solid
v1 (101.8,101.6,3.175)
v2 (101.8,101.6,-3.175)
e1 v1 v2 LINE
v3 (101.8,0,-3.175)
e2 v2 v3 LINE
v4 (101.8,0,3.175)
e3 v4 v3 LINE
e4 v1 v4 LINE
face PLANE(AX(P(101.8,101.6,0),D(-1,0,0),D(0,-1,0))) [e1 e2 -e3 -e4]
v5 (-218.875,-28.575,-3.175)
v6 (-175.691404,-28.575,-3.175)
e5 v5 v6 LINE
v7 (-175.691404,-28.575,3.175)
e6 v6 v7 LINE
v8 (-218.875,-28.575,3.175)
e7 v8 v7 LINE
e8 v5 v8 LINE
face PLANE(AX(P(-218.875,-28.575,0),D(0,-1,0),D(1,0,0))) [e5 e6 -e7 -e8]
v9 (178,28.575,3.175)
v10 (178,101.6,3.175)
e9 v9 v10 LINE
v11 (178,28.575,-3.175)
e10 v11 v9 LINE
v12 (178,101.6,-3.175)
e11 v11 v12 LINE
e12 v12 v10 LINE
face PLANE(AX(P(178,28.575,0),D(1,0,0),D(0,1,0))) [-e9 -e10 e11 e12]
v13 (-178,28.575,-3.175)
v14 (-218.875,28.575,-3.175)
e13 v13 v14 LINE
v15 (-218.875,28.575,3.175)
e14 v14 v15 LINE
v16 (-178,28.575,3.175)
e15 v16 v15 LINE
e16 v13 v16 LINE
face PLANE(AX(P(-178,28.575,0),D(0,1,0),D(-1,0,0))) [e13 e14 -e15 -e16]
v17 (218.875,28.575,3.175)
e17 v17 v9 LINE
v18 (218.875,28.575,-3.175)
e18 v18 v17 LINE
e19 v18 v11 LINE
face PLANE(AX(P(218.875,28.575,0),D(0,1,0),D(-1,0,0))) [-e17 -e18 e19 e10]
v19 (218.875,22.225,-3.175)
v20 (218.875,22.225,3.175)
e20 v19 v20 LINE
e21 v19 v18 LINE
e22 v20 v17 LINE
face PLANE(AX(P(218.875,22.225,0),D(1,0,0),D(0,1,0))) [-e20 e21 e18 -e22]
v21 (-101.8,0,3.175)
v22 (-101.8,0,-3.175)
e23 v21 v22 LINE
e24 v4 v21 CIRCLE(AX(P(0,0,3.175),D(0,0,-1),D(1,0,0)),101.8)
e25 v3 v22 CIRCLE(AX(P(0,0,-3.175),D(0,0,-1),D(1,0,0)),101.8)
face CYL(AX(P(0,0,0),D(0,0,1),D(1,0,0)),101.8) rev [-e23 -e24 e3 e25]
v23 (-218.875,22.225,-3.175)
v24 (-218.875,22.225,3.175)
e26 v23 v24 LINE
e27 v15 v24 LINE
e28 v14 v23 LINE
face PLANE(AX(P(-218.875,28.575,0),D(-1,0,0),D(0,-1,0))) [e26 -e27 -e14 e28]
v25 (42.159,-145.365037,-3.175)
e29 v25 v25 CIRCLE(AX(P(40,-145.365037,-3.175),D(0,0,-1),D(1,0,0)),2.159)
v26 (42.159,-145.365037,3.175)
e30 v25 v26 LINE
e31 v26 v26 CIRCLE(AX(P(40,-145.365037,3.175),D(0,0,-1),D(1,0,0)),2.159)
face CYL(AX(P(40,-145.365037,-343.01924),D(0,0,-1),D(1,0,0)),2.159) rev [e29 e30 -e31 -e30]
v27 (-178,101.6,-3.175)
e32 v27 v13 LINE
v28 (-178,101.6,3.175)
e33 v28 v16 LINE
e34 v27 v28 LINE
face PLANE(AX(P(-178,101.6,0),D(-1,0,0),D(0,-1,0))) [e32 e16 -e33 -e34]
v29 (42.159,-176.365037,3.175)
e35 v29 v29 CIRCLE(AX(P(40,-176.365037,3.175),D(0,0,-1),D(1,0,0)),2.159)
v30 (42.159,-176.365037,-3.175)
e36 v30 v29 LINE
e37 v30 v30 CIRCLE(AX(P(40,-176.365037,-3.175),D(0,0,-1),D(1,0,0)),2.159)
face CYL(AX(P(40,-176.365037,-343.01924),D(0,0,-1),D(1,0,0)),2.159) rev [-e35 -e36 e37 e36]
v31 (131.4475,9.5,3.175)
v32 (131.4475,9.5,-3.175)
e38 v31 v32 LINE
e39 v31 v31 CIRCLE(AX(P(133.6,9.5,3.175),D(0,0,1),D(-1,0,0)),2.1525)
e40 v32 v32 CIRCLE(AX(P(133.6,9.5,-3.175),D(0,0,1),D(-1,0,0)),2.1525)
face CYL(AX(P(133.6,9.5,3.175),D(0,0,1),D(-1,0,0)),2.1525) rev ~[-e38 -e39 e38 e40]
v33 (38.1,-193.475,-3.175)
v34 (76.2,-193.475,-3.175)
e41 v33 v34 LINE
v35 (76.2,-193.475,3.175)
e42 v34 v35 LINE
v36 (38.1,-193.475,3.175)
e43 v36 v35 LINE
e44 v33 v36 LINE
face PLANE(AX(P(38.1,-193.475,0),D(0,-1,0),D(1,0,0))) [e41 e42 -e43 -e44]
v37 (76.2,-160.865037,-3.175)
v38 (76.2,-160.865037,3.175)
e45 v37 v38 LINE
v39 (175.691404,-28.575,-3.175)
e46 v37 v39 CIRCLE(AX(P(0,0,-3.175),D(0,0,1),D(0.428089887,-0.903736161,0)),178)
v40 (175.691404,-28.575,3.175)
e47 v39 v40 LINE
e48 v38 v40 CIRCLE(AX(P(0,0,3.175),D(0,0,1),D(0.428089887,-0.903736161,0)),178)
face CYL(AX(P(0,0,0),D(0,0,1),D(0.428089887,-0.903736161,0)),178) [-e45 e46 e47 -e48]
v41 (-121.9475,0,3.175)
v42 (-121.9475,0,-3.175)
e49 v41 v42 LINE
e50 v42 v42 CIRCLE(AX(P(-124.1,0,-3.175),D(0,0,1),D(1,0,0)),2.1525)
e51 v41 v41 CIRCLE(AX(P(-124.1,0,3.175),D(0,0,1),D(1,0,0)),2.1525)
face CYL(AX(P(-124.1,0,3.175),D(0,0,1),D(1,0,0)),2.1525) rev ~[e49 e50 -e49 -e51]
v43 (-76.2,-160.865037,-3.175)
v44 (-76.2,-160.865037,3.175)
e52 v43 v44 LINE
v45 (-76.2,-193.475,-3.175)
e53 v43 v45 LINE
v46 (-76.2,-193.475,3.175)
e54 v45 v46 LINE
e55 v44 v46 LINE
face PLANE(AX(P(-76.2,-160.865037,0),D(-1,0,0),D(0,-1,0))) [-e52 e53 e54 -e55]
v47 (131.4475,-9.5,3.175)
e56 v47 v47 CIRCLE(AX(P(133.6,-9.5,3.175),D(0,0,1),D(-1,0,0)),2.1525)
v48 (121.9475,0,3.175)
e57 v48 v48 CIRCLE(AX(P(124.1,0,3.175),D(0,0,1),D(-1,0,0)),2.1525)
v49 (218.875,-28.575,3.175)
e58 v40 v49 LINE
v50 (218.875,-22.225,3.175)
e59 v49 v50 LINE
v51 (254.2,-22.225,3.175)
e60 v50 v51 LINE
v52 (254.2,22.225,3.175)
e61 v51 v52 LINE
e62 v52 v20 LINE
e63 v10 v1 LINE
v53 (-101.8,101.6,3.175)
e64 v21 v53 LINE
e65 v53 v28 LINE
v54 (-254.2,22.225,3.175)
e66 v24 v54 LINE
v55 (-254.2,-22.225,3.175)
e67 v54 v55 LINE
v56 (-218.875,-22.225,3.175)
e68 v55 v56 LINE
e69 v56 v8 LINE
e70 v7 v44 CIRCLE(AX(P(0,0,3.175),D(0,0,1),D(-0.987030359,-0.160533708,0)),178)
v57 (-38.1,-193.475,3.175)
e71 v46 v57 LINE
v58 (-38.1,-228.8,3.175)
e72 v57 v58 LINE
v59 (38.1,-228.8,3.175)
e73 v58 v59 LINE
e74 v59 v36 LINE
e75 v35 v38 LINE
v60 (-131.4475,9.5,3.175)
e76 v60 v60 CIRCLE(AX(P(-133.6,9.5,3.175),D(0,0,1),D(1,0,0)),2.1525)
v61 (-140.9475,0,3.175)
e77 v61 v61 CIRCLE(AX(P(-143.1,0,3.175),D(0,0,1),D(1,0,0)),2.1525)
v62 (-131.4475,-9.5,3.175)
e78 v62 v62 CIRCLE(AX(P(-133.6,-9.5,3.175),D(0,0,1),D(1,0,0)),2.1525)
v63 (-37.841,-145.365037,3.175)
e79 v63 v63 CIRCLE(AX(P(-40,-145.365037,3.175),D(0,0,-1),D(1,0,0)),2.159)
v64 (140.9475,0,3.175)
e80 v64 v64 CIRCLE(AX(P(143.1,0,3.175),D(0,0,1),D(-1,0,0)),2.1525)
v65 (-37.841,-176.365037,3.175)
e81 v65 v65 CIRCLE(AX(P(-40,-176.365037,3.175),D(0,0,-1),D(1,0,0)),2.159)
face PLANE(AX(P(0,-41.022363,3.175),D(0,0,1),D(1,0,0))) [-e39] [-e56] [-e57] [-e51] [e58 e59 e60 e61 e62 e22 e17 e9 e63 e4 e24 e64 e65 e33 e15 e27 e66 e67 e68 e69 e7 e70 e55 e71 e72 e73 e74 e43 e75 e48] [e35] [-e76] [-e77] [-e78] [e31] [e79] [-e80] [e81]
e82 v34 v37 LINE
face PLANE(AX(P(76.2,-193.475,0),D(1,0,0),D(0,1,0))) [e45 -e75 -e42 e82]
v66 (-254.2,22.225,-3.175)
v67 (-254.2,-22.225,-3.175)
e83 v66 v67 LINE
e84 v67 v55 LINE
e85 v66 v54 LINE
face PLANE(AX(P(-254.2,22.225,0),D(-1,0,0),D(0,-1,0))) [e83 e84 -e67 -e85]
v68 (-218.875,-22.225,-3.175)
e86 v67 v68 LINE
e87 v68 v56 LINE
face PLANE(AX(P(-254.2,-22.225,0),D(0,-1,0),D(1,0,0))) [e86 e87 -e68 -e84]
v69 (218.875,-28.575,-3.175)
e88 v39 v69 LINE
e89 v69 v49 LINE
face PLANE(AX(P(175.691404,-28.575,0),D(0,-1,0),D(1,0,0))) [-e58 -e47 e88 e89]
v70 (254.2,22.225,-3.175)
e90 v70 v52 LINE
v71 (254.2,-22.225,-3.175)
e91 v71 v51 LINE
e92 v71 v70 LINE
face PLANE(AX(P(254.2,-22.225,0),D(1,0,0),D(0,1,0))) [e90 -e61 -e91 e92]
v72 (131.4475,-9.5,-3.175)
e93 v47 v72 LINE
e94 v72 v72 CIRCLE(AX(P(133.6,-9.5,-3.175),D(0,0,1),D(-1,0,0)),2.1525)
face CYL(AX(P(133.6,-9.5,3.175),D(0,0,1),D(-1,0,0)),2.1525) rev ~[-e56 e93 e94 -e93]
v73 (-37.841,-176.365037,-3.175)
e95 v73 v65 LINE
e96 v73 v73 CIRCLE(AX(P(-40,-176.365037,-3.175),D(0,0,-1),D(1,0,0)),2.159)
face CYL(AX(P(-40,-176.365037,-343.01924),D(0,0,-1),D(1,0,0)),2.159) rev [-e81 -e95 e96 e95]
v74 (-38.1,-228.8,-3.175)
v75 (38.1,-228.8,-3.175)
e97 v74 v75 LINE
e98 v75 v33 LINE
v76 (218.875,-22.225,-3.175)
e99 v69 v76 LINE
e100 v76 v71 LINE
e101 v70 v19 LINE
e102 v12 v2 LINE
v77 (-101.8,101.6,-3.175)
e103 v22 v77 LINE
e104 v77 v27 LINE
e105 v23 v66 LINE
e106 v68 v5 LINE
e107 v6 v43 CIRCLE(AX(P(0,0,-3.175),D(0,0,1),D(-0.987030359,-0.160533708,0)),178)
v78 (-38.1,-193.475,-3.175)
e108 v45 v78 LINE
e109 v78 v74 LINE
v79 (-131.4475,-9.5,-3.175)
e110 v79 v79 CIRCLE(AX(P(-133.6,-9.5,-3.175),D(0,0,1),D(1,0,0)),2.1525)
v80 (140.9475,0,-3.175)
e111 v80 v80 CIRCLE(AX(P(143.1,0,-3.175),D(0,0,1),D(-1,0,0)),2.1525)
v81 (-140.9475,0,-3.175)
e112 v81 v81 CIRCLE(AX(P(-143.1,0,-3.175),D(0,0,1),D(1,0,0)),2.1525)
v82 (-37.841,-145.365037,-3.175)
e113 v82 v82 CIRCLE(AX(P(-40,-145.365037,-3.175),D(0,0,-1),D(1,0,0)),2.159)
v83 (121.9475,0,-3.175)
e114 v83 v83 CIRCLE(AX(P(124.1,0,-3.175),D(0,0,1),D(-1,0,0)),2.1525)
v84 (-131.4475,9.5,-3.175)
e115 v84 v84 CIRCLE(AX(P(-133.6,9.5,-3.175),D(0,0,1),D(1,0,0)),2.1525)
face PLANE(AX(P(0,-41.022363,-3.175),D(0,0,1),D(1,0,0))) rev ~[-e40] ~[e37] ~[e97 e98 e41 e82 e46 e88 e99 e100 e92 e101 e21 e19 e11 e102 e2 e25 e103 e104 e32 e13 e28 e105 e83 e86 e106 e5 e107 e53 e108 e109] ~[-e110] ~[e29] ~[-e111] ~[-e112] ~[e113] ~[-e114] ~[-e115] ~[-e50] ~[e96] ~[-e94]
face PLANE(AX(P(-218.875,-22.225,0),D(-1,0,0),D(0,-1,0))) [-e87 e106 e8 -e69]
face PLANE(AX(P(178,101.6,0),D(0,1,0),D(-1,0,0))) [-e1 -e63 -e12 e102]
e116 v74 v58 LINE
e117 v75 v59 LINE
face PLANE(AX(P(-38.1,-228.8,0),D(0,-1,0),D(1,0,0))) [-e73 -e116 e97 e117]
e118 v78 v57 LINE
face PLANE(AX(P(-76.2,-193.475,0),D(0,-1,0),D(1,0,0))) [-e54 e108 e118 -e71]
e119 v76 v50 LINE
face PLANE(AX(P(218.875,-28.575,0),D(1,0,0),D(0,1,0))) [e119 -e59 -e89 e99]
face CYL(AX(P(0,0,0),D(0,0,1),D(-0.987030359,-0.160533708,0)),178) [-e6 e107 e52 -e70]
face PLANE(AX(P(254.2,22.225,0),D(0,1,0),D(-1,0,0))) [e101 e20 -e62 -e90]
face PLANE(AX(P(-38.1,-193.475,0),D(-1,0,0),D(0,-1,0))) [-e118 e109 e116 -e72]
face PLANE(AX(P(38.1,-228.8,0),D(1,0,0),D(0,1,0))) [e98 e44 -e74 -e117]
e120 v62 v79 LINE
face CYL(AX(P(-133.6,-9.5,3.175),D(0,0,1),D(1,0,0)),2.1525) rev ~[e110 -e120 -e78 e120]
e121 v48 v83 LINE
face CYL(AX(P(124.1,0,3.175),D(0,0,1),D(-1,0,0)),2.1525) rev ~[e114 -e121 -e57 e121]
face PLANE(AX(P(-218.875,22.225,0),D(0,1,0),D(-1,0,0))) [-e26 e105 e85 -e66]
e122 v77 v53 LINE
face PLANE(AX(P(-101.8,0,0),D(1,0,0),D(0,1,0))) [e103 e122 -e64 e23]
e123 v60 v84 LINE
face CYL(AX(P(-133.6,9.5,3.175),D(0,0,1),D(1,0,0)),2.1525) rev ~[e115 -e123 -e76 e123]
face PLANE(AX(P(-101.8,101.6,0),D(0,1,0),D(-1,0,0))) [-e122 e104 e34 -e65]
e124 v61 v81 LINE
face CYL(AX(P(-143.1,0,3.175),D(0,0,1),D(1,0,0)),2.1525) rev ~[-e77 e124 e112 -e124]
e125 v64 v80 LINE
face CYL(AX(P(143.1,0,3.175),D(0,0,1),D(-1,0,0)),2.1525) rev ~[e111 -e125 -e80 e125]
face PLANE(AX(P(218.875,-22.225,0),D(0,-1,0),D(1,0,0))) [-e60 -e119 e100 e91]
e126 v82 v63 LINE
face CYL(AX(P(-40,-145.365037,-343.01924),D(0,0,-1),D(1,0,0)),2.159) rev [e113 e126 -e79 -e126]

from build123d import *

# Parameters (mm, degrees)
BOSS_EXTRUDE1_DEPTH     = 3.175
SKETCH3_R               = 2.152500013
CUT_EXTRUDE2_DEPTH      = 343.063448214
CUT_EXTRUDE3_DEPTH      = 343.019240291
CUT_EXTRUDE3_DEPTH_BACK = 343.019240291
SKETCH4_R               = 2.159


with BuildPart() as part:
    # Sketch1 → Boss-Extrude1 (new, symmetric)
    with BuildSketch(Plane.XY):
        with BuildLine():
            Line((-101.800000108, 0), (-101.800000108, 101.6))
            Line((-101.800000108, 101.6), (-178.000000108, 101.6))
            Line((-178.000000108, 101.6), (-178.000000108, 28.575))
            Line((-178.000000108, 28.575), (-218.874999892, 28.575))
            Line((-218.874999892, 28.575), (-218.874999892, 22.225))
            Line((-218.874999892, 22.225), (-254.200000108, 22.225))
            Line((-254.200000108, 22.225), (-254.200000108, -22.225))
            Line((-254.200000108, -22.225), (-218.874999892, -22.225))
            Line((-218.874999892, -22.225), (-218.874999892, -28.575))
            Line((-218.874999892, -28.575), (-175.691403926, -28.575))
            ThreePointArc((-175.691403926, -28.575), (-142.258508697, -106.98839536), (-76.2, -160.865036719))
            Line((-76.2, -160.865036719), (-76.2, -193.474999892))
            Line((-76.2, -193.474999892), (-38.1, -193.474999892))
            Line((-38.1, -193.474999892), (-38.1, -228.800000108))
            Line((-38.1, -228.800000108), (38.1, -228.800000108))
            Line((38.1, -228.800000108), (38.1, -193.474999892))
            Line((38.1, -193.474999892), (76.2, -193.474999892))
            Line((76.2, -193.474999892), (76.2, -160.865036719))
            ThreePointArc((76.2, -160.865036719), (142.258508697, -106.98839536), (175.691403926, -28.575))
            Line((175.691403926, -28.575), (218.874999892, -28.575))
            Line((218.874999892, -28.575), (218.874999892, -22.225))
            Line((218.874999892, -22.225), (254.200000108, -22.225))
            Line((254.200000108, -22.225), (254.200000108, 22.225))
            Line((254.200000108, 22.225), (218.874999892, 22.225))
            Line((218.874999892, 22.225), (218.874999892, 28.575))
            Line((218.874999892, 28.575), (178.000000108, 28.575))
            Line((178.000000108, 28.575), (178.000000108, 101.6))
            Line((178.000000108, 101.6), (101.800000108, 101.6))
            Line((101.800000108, 101.6), (101.800000108, 0))
            ThreePointArc((101.800000108, 0), (0, -101.800000108), (-101.800000108, 0))
        make_face()
    extrude(amount=BOSS_EXTRUDE1_DEPTH, both=True)

    # Sketch3 → Cut-Extrude2 (cut, through all)
    with BuildSketch(Plane.XY.offset(3.175)):
        with Locations((-133.6, 9.5)):
            Circle(SKETCH3_R)
        with Locations((-124.1, 0)):
            Circle(SKETCH3_R)
        with Locations((-143.1, 0)):
            Circle(SKETCH3_R)
        with Locations((-133.6, -9.5)):
            Circle(SKETCH3_R)
        with Locations(Location((133.6, -9.5, 0), (0, 0, 180))):
            Circle(SKETCH3_R)
        with Locations(Location((143.1, 0, 0), (0, 0, 180))):
            Circle(SKETCH3_R)
        with Locations(Location((124.1, 0, 0), (0, 0, 180))):
            Circle(SKETCH3_R)
        with Locations(Location((133.6, 9.5, 0), (0, 0, 180))):
            Circle(SKETCH3_R)
    extrude(amount=-CUT_EXTRUDE2_DEPTH, mode=Mode.SUBTRACT)

    # Sketch4 → Cut-Extrude3 (cut, two sides: drawn at the far end of the back side and taken through both)
    with BuildSketch(Plane.XY.offset(-CUT_EXTRUDE3_DEPTH_BACK)):
        with Locations((40, -145.365036719)):
            Circle(SKETCH4_R)
        with Locations((-40, -145.365036719)):
            Circle(SKETCH4_R)
        with Locations((-40, -176.365036719)):
            Circle(SKETCH4_R)
        with Locations((40, -176.365036719)):
            Circle(SKETCH4_R)
    extrude(amount=CUT_EXTRUDE3_DEPTH + CUT_EXTRUDE3_DEPTH_BACK, mode=Mode.SUBTRACT)


solid = part.part
